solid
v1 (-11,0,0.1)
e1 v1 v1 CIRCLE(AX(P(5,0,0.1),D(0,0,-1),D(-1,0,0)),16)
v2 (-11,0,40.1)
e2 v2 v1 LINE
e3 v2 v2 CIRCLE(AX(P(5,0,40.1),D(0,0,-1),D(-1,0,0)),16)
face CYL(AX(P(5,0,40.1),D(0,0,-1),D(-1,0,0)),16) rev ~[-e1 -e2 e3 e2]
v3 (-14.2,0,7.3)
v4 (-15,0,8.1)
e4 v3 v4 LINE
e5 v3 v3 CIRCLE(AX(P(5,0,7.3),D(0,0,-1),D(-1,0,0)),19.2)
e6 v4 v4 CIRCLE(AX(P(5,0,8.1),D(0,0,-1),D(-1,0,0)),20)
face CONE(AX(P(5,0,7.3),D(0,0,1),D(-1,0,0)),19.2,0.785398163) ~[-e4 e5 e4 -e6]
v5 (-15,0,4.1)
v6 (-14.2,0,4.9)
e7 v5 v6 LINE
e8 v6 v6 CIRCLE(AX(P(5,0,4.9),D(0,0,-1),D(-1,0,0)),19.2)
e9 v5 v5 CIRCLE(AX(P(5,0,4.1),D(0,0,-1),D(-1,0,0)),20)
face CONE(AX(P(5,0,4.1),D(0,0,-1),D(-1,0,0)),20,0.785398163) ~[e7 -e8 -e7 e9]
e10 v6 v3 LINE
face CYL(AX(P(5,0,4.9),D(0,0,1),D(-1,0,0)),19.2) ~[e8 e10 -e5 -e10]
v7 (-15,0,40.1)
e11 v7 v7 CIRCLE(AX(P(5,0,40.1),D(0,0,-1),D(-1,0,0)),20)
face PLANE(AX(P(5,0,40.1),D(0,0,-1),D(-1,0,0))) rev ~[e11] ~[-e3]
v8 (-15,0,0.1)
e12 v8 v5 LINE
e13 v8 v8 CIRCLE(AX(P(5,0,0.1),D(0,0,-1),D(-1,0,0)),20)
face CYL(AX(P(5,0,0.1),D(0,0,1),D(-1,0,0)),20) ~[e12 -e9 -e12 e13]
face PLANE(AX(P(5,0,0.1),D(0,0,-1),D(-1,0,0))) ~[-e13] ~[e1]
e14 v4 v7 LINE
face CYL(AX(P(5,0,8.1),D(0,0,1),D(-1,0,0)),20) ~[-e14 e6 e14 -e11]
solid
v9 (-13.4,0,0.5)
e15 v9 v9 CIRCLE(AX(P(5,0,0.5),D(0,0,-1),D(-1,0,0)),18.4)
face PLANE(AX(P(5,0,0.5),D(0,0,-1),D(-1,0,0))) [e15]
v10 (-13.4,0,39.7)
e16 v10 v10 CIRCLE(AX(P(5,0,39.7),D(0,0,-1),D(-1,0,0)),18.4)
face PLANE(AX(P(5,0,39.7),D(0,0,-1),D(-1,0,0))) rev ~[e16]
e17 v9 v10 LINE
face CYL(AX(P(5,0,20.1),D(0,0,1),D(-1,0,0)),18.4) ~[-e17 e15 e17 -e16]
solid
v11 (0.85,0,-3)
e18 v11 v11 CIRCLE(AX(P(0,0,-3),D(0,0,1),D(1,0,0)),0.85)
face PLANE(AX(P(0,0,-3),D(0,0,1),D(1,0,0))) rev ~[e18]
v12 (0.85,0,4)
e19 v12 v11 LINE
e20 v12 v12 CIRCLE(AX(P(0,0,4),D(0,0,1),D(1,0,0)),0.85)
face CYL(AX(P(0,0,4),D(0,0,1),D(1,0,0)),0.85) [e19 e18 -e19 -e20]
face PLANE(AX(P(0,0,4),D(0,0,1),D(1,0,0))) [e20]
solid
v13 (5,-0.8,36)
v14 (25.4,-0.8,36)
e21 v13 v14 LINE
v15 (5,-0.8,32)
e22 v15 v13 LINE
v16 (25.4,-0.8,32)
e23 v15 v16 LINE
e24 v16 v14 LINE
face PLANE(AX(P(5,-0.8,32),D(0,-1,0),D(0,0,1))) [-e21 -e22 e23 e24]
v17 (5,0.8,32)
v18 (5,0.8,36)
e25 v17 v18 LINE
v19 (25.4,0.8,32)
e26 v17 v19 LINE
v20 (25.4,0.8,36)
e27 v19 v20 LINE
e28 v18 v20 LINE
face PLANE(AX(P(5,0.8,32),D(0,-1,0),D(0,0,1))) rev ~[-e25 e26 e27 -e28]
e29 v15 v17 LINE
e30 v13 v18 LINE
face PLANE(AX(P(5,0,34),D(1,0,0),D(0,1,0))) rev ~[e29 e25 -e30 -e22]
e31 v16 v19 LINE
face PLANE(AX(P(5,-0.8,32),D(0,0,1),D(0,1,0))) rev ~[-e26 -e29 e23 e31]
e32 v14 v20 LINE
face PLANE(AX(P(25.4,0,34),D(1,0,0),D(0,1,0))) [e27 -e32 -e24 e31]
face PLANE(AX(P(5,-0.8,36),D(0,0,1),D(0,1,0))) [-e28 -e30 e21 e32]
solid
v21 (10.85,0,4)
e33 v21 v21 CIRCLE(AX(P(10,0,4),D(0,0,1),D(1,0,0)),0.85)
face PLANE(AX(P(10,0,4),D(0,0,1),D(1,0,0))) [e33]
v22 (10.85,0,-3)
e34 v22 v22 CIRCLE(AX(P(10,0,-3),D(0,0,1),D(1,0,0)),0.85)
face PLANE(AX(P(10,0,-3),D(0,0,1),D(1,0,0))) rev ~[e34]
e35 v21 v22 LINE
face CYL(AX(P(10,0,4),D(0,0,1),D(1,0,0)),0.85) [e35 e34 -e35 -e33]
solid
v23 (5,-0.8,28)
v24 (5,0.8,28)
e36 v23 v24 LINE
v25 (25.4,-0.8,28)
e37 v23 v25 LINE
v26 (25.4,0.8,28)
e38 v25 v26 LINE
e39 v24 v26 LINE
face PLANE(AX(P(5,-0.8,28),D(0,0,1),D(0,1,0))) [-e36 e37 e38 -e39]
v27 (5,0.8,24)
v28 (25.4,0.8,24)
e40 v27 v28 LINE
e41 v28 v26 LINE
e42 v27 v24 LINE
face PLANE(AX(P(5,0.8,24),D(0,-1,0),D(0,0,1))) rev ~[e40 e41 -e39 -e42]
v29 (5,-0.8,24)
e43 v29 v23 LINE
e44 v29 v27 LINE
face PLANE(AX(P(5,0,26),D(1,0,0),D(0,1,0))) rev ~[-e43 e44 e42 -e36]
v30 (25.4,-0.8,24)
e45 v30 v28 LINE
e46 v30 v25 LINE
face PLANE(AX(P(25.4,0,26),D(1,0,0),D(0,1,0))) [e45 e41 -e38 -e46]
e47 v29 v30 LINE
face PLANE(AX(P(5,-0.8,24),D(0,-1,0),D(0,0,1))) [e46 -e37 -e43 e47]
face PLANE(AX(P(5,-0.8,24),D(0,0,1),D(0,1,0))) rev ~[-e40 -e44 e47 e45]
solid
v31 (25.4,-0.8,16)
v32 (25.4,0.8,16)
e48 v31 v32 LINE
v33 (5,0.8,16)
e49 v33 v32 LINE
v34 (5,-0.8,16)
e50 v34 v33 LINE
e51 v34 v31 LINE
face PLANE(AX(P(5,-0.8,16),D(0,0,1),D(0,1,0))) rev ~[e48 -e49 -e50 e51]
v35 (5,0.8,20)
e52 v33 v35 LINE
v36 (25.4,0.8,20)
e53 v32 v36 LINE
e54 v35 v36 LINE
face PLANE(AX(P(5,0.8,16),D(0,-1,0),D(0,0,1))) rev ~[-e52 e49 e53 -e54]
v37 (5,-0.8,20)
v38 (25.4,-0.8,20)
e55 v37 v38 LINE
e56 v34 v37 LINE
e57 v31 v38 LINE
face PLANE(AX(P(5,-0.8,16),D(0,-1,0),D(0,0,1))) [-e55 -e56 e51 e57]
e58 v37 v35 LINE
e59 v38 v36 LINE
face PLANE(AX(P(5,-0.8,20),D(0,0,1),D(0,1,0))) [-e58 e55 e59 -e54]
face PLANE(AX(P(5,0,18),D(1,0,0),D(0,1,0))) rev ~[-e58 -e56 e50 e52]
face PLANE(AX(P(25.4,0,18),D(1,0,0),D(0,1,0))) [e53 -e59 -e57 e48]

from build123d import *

# Parameters (mm, degrees)
SKETCH002_W  = 18.4
SKETCH002_H  = 39.2
SKETCH003_R  = 0.85
PAD_DEPTH    = 7
SKETCH004_W  = 1.6
SKETCH004_H  = 4
PAD001_DEPTH = 20.4


with BuildPart() as revolution:
    # Sketch → Revolution (revolve)
    with BuildSketch(Plane.XZ):
        Polygon((-15, 0.1), (-15, 4.1), (-14.2, 4.9), (-14.2, 7.3), (-15, 8.1), (-15, 40.1), (-11, 40.1), (-11, 0.1), align=None)
    revolve(axis=Axis((5, 0, 7.548619), (0, 0, -1)))


with BuildPart() as revolution001:
    # Sketch002 → Revolution001 (revolve)
    with BuildSketch(Plane.XZ):
        with Locations((-4.2, 20.1)):
            Rectangle(SKETCH002_W, SKETCH002_H)
    revolve(axis=Axis((5, 0, 4.680116), (0, 0, -1)))


with BuildPart() as pad:
    # Sketch003 → Pad (new body)
    with BuildSketch(Plane.XY.offset(4)):
        Circle(SKETCH003_R)
        with Locations((10, 0)):
            Circle(SKETCH003_R)
    extrude(amount=-PAD_DEPTH)


with BuildPart() as pad001:
    # Sketch004 → Pad001 (new body)
    with BuildSketch(Plane.YZ.offset(5)):
        with Locations((0, 18)):
            Rectangle(SKETCH004_W, SKETCH004_H)
        with Locations((0, 26)):
            Rectangle(SKETCH004_W, SKETCH004_H)
        with Locations((0, 34)):
            Rectangle(SKETCH004_W, SKETCH004_H)
    extrude(amount=PAD001_DEPTH)


solid = Compound([revolution.part, revolution001.part, pad.part, pad001.part])
